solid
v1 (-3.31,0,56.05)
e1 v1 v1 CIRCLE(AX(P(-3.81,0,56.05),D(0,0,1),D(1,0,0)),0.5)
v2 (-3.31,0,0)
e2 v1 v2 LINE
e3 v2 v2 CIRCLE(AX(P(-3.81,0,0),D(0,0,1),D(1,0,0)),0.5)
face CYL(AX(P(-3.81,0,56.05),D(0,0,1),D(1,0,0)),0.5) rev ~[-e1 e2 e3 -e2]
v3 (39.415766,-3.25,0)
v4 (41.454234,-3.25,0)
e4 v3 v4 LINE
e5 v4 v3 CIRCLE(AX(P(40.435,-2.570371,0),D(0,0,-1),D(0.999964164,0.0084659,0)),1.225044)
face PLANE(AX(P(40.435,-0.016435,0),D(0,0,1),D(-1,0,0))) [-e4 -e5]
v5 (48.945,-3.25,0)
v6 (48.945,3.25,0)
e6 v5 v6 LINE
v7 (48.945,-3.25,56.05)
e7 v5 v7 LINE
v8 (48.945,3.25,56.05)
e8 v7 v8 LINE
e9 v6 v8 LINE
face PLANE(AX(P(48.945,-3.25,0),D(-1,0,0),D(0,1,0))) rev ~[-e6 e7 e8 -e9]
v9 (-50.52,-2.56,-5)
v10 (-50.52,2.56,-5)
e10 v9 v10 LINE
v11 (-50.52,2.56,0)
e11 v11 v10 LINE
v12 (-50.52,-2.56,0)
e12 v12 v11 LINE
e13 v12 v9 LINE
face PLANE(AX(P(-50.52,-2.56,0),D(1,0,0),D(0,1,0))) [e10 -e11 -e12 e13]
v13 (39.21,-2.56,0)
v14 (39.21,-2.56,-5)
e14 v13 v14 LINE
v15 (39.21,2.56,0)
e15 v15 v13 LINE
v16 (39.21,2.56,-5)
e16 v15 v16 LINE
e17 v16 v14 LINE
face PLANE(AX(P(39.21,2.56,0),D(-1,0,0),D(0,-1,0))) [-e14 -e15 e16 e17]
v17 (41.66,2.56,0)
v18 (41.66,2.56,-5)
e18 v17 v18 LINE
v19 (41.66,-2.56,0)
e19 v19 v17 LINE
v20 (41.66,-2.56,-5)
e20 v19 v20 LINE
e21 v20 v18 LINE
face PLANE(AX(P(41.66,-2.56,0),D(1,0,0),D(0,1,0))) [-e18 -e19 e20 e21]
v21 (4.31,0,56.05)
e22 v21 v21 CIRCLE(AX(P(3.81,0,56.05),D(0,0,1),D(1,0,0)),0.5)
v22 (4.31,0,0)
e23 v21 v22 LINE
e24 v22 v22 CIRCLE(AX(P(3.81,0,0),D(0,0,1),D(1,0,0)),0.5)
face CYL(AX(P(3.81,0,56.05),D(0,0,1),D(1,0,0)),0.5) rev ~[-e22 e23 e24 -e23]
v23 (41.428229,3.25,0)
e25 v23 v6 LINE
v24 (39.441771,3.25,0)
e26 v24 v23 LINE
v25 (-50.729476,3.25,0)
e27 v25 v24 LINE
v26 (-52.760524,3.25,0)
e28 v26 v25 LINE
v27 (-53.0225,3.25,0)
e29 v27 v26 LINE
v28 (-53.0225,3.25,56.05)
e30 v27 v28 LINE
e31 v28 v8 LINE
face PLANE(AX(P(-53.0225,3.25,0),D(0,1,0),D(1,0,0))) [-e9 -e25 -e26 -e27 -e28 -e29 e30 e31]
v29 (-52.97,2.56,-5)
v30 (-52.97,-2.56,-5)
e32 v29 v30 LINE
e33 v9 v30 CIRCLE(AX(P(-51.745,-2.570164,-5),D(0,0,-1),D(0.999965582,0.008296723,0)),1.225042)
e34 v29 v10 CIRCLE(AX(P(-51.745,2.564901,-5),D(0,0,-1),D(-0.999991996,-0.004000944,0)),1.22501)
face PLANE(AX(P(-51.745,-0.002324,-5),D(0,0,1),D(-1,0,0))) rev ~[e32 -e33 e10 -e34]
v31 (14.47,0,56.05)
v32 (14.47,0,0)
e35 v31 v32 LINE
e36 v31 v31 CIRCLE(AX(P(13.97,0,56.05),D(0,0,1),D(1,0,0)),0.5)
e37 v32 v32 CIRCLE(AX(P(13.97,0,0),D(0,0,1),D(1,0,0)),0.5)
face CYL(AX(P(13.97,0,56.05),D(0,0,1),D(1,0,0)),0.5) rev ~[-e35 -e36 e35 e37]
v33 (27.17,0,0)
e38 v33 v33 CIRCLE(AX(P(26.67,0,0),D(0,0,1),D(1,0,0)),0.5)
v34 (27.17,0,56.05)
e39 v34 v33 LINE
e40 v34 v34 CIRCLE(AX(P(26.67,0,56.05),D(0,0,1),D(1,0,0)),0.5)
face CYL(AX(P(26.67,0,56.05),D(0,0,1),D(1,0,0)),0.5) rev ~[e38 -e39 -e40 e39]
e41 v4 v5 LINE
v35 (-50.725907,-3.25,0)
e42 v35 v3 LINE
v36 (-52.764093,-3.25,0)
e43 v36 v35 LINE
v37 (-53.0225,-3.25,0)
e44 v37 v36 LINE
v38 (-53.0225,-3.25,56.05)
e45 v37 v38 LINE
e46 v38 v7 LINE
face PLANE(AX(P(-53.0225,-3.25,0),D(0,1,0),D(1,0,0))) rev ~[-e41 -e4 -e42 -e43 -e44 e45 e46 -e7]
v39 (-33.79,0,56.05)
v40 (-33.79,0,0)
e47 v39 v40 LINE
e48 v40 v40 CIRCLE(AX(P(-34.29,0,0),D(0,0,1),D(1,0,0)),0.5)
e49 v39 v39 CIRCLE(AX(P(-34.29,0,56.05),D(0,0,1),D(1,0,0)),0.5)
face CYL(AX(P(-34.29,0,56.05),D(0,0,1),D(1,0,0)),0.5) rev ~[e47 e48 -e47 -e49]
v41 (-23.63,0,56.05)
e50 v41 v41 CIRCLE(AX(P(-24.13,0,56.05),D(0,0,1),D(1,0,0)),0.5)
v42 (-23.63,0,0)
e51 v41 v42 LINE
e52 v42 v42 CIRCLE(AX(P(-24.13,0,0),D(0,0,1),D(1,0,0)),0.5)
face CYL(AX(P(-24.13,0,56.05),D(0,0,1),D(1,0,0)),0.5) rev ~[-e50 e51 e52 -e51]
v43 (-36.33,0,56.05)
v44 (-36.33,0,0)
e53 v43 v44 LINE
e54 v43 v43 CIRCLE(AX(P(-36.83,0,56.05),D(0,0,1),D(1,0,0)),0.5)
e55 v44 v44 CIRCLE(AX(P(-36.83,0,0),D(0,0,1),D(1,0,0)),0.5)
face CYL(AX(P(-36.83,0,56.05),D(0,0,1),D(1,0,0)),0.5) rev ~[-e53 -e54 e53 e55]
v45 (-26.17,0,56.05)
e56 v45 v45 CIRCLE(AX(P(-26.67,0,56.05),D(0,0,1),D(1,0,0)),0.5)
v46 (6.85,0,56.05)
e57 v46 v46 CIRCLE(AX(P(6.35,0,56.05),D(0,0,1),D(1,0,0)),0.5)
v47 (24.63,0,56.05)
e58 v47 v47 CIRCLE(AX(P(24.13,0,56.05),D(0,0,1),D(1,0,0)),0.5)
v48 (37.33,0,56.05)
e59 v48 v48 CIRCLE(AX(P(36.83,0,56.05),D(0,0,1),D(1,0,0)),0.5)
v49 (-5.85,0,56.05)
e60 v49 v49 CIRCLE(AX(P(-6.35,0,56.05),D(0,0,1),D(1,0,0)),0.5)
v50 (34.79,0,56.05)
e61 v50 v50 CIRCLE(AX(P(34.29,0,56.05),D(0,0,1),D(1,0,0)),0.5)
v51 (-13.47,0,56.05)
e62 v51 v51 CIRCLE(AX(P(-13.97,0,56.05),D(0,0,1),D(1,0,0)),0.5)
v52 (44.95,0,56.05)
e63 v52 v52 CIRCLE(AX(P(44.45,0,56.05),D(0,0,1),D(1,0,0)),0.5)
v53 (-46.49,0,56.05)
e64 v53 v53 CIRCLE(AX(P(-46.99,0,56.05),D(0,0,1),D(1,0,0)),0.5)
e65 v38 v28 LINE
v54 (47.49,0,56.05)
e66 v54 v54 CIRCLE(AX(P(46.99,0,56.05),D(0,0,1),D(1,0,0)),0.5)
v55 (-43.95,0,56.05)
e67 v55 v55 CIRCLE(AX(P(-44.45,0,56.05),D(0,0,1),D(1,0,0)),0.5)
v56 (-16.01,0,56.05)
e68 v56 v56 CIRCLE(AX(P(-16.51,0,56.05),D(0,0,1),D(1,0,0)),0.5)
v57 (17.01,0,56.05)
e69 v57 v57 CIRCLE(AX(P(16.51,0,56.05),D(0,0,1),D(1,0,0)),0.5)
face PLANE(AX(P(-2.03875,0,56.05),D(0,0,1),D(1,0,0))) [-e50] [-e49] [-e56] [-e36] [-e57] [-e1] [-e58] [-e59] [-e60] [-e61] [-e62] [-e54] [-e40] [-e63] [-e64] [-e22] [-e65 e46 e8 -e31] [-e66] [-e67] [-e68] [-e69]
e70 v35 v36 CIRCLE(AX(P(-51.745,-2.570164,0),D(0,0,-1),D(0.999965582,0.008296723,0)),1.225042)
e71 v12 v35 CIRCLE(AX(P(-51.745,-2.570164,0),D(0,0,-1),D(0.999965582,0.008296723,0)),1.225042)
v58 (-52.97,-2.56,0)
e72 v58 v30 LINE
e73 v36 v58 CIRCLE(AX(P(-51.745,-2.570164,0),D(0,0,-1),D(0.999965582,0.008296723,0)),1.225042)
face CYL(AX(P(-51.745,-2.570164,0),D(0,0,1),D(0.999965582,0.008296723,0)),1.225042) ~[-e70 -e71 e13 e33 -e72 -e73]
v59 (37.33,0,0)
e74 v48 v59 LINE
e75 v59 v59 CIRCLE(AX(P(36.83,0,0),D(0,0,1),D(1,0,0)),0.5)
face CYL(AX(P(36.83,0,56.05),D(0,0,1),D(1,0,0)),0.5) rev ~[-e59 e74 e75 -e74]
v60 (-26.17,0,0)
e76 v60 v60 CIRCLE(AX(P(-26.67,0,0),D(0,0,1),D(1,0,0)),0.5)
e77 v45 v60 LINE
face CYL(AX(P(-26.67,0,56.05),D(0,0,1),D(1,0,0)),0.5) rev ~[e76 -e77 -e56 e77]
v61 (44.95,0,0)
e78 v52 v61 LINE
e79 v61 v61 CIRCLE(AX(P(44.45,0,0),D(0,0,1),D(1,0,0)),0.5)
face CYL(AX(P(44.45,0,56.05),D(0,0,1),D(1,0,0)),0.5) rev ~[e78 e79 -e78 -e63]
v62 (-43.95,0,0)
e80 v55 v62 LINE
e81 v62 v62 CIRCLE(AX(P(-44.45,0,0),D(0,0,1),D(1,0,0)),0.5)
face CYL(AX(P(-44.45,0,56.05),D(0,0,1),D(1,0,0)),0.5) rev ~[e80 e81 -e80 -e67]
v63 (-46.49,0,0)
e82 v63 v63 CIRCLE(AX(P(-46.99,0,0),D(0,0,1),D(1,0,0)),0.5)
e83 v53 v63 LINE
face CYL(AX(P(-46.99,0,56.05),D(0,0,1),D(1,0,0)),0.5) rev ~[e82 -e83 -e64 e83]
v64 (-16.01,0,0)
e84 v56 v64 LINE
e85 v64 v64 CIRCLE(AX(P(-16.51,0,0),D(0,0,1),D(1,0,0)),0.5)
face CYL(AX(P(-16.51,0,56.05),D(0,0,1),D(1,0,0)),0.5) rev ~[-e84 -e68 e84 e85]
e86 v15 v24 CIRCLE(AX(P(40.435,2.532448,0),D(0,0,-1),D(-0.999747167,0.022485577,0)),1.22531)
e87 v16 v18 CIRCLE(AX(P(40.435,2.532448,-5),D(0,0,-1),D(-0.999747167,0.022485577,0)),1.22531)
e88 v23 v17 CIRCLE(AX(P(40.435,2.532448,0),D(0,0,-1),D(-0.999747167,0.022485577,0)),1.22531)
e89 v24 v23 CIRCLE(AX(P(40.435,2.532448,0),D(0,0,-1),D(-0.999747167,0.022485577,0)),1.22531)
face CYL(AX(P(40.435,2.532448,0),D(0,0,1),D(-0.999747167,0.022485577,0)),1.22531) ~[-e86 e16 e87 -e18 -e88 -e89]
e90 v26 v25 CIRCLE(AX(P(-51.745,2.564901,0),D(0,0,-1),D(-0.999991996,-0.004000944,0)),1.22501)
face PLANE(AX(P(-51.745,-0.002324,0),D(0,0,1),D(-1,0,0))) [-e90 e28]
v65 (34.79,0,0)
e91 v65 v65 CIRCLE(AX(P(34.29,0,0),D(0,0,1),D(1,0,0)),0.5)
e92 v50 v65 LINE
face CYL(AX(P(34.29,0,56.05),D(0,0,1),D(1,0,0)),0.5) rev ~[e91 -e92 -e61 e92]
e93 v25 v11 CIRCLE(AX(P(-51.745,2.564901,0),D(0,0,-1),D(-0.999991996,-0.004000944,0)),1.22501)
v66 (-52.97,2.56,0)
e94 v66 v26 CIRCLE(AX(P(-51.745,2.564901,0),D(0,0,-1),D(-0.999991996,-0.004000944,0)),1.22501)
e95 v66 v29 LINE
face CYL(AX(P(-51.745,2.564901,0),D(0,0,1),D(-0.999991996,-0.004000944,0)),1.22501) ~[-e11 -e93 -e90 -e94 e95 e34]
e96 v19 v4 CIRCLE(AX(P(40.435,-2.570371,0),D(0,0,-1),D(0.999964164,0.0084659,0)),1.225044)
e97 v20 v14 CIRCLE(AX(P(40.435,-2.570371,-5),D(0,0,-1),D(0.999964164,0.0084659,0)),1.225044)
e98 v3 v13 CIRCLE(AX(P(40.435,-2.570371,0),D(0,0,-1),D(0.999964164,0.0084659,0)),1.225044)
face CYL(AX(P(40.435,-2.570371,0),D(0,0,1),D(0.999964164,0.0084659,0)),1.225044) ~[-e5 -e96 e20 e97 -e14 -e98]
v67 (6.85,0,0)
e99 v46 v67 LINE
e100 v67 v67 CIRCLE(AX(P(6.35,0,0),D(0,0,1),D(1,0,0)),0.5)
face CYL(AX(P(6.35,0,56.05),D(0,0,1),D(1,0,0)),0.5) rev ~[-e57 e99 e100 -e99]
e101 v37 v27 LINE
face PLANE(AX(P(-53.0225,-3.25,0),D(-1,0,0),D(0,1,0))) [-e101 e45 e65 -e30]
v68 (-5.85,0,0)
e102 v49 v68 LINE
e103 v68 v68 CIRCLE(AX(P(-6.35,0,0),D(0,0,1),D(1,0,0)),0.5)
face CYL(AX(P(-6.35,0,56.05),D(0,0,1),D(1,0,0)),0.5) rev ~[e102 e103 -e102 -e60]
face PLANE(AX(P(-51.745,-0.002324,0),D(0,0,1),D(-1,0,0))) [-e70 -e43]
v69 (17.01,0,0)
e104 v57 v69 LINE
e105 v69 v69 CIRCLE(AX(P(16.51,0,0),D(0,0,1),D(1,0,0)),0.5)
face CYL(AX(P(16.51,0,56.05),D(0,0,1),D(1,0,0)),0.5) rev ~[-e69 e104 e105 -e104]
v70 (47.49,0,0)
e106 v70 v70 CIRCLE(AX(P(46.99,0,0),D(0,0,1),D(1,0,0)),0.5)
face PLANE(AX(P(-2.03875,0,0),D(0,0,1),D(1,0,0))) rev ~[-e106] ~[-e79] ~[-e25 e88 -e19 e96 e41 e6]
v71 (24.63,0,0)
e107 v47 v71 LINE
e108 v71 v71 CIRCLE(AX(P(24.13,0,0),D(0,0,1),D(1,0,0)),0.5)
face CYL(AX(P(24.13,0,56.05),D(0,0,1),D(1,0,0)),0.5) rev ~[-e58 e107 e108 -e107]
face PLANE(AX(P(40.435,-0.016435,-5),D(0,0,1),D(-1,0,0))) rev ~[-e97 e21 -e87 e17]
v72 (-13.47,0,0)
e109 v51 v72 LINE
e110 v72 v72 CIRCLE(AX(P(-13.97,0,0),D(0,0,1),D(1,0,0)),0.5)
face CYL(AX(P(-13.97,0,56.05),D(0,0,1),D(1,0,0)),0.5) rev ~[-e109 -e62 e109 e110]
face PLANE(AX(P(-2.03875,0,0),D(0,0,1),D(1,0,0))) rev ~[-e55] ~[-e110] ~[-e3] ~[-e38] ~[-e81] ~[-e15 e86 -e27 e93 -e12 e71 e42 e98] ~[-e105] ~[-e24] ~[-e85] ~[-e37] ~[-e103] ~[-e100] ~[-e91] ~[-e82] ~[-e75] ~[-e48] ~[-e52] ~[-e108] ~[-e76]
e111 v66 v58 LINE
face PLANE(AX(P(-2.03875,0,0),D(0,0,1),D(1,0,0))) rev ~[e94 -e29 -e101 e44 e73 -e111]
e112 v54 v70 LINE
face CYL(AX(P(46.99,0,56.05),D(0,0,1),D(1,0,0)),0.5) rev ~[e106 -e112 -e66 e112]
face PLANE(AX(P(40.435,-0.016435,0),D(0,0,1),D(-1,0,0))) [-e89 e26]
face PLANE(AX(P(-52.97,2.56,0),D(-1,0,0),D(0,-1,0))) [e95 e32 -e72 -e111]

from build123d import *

# Parameters (mm, degrees)
SKETCH_W     = 101.9675
SKETCH_H     = 6.5
PAD_DEPTH    = 56.05
SKETCH001_R  = 0.5
POCKET_DEPTH = 70
PAD001_DEPTH = 5


with BuildPart() as part:
    # Sketch → Pad (new body)
    with BuildSketch(Plane.XY):
        with Locations((-2.03875, 0)):
            Rectangle(SKETCH_W, SKETCH_H)
    extrude(amount=PAD_DEPTH)

    # Sketch001 (on Face6 of Pad) → Pocket (cut)
    with BuildSketch(Plane.XY.offset(56.05)):
        with Locations((3.81, 0)):
            Circle(SKETCH001_R)
        with Locations((6.35, 0)):
            Circle(SKETCH001_R)
        with Locations((-16.51, 0)):
            Circle(SKETCH001_R)
        with Locations((-13.97, 0)):
            Circle(SKETCH001_R)
        with Locations((-34.29, 0)):
            Circle(SKETCH001_R)
        with Locations((-36.83, 0)):
            Circle(SKETCH001_R)
        with Locations((13.97, 0)):
            Circle(SKETCH001_R)
        with Locations((16.51, 0)):
            Circle(SKETCH001_R)
        with Locations((24.13, 0)):
            Circle(SKETCH001_R)
        with Locations((26.67, 0)):
            Circle(SKETCH001_R)
        with Locations((34.29, 0)):
            Circle(SKETCH001_R)
        with Locations((36.83, 0)):
            Circle(SKETCH001_R)
        with Locations((44.45, 0)):
            Circle(SKETCH001_R)
        with Locations((46.99, 0)):
            Circle(SKETCH001_R)
        with Locations((-46.99, 0)):
            Circle(SKETCH001_R)
        with Locations((-44.45, 0)):
            Circle(SKETCH001_R)
        with Locations((-26.67, 0)):
            Circle(SKETCH001_R)
        with Locations((-24.13, 0)):
            Circle(SKETCH001_R)
        with Locations((-6.35, 0)):
            Circle(SKETCH001_R)
        with Locations((-3.81, 0)):
            Circle(SKETCH001_R)
    extrude(amount=-POCKET_DEPTH, mode=Mode.SUBTRACT)

    # Sketch002 (on Face4 of Pocket) → Pad001 (join)
    with BuildSketch(Plane(origin=(0, 0, 0), x_dir=(1, 0, 0), z_dir=(0, 0, -1))):
        with BuildLine():
            Line((-50.52, 2.56), (-50.52, -2.56))
            ThreePointArc((-52.97, -2.56), (-51.745, -3.789911), (-50.52, -2.56))
            Line((-52.97, -2.56), (-52.97, 2.56))
            ThreePointArc((-50.52, 2.56), (-51.745, 3.795206), (-52.97, 2.56))
        make_face()
        with BuildLine():
            Line((41.66, 2.56), (41.66, -2.56))
            ThreePointArc((39.21, -2.56), (40.435, -3.757758), (41.66, -2.56))
            Line((39.21, -2.56), (39.21, 2.56))
            ThreePointArc((41.66, 2.56), (40.435, 3.795415), (39.21, 2.56))
        make_face()
    extrude(amount=PAD001_DEPTH)


solid = part.part
